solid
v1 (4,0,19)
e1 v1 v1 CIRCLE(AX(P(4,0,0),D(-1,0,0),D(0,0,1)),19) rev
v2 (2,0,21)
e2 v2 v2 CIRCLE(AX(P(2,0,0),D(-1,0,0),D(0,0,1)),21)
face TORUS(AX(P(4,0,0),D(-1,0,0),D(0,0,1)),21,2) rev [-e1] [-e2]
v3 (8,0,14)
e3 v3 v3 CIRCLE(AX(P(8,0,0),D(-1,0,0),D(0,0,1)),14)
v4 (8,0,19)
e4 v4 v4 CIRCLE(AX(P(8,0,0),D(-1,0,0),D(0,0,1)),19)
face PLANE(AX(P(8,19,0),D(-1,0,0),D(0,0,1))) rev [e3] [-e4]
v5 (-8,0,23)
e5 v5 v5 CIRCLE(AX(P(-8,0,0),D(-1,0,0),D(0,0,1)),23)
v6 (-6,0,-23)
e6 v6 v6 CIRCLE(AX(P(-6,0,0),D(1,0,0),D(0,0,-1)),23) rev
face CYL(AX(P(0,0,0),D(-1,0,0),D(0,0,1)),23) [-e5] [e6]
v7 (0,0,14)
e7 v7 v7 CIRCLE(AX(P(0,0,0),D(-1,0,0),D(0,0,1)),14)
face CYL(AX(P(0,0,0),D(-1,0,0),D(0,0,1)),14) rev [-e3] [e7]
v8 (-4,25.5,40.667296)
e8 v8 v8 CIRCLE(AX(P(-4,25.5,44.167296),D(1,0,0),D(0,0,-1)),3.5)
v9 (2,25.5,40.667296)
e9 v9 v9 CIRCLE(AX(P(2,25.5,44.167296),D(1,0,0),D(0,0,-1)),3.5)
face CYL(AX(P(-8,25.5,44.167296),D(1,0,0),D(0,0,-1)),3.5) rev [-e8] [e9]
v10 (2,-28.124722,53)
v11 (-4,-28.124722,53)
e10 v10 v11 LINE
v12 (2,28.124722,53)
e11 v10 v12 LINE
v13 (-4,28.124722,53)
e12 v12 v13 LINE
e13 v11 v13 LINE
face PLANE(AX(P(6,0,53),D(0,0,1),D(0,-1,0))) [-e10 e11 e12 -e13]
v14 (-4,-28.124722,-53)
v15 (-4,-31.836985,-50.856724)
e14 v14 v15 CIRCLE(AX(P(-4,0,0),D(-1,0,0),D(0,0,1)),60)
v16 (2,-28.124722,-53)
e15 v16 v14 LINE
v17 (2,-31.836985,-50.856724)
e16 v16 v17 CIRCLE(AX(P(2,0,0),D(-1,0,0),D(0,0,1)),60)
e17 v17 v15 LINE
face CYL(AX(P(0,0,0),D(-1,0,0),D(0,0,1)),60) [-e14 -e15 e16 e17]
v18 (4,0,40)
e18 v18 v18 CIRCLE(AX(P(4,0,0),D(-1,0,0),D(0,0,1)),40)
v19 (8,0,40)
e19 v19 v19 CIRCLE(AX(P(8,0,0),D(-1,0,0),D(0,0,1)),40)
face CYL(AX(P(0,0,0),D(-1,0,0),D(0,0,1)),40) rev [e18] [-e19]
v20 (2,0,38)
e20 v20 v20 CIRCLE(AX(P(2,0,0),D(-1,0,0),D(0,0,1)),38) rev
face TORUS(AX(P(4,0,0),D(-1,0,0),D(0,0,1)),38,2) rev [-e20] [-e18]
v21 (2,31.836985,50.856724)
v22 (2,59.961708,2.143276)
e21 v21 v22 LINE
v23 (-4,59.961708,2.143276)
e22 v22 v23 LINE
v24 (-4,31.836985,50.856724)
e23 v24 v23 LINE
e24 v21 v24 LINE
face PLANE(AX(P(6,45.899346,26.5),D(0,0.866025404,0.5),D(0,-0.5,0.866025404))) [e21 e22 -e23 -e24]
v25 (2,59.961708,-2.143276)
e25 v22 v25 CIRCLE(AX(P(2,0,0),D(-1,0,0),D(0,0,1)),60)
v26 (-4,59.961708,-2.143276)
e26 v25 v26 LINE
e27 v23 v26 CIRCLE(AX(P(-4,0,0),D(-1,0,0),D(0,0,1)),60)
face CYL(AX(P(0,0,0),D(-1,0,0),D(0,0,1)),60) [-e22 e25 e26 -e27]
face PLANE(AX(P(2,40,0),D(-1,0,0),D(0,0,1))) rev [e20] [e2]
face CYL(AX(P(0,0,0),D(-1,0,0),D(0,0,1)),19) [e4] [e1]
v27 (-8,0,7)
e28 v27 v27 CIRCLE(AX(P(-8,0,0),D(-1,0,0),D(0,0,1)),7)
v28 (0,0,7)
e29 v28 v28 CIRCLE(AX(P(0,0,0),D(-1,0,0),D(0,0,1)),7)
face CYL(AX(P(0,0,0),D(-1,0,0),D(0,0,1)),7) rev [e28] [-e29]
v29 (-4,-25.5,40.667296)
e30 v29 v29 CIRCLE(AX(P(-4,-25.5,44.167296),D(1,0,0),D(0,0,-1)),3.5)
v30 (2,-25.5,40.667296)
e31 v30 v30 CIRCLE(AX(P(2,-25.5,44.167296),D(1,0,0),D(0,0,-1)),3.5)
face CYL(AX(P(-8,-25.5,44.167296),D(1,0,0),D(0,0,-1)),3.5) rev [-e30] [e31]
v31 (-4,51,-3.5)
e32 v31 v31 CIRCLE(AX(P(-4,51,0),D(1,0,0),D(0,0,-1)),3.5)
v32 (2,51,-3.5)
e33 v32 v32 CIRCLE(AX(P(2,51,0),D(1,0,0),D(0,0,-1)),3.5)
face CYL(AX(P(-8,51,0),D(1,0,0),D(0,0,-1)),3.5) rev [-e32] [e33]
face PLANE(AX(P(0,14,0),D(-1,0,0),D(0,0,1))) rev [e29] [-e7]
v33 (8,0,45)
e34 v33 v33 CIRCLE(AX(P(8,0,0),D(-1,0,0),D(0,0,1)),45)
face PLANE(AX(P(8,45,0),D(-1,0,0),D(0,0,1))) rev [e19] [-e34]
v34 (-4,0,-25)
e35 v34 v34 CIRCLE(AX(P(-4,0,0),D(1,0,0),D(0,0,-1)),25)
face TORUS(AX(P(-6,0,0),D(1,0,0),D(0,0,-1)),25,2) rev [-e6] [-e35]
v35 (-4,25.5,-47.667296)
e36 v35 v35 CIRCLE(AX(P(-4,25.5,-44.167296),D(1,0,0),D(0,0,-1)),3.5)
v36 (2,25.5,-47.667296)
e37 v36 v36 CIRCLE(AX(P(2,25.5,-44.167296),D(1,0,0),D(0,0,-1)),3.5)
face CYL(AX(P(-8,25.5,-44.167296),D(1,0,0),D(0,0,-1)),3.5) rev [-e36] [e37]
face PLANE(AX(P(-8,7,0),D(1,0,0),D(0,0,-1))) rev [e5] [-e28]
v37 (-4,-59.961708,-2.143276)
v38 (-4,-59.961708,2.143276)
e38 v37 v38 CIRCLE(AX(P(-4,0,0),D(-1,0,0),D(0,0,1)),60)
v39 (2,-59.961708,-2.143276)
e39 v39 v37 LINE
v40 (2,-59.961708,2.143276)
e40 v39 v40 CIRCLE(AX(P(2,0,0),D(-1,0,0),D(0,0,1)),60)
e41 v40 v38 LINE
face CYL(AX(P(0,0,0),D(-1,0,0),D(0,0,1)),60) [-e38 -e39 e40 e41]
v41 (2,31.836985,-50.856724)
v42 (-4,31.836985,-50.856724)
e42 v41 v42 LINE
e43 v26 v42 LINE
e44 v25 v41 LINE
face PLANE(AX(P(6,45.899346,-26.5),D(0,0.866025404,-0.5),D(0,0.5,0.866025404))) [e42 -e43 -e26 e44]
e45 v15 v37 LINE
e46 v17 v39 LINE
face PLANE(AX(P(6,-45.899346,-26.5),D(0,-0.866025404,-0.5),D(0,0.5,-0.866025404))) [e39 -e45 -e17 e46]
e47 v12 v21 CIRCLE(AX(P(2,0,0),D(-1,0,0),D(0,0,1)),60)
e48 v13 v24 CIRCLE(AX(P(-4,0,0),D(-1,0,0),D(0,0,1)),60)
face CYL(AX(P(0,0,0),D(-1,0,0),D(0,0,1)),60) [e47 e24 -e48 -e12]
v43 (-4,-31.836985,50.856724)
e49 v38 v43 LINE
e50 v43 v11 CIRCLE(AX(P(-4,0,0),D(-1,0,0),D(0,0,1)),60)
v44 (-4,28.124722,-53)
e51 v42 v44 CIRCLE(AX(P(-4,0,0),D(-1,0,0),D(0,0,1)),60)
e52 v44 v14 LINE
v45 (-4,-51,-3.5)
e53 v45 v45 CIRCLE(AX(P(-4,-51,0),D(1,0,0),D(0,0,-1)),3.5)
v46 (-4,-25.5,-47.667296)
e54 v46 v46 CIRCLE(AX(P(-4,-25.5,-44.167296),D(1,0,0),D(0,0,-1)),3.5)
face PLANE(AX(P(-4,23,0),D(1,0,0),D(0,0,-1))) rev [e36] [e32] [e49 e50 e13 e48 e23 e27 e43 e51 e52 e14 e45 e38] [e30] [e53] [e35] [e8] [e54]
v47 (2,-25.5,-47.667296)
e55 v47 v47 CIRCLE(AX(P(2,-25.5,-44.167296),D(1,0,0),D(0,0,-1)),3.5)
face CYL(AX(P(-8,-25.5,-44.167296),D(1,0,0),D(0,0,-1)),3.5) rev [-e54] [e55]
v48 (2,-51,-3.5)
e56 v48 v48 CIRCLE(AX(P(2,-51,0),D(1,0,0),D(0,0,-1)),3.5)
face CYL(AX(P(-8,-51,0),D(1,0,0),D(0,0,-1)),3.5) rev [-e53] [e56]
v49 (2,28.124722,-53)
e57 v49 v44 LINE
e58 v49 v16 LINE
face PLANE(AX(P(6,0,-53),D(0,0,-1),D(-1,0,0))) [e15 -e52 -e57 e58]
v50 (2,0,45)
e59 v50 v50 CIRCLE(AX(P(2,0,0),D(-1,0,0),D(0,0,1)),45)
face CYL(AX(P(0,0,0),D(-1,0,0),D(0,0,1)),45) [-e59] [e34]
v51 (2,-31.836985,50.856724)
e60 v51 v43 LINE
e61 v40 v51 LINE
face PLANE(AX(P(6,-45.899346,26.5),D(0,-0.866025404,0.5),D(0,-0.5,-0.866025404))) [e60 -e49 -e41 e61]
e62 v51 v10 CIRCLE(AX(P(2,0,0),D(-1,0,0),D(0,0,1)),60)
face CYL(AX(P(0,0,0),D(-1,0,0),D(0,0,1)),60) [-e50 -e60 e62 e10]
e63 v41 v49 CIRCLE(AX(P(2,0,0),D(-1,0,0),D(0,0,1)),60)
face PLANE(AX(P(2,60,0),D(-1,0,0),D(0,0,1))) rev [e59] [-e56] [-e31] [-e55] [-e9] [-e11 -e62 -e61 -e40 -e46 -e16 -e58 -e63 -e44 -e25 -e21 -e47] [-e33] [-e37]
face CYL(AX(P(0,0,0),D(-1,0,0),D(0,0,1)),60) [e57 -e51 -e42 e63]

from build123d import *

# Parameters (mm, degrees)
SKETCH2_R          = 3.5
CUT_EXTRUDE1_DEPTH = 10
FILLET1_R          = 2
CUT_EXTRUDE2_START = -10
CUT_EXTRUDE2_DEPTH = 10


with BuildPart() as part:
    # Sketch1 → Revolve1 (revolve)
    with BuildSketch(Plane.XY, mode=Mode.PRIVATE) as revolve1_sk:
        Polygon((-8, 7), (-8, 23), (-4, 23), (-4, 60), (2, 60), (2, 45), (8, 45), (8, 40), (2, 40), (2, 19), (8, 19), (8, 14), (0, 14), (0, 7), align=None)
    revolve(revolve1_sk.sketch.rotate(Axis((0, 0, 0), (1, 0, 0)), 90), axis=Axis((0, 0, 0), (1, 0, 0)))

    # Sketch2 → Cut-Extrude1 (cut)
    with BuildSketch(Plane(origin=(2, 0, 0), x_dir=(0, 0, -1), z_dir=(1, 0, 0))):
        with Locations((0, 51)):
            Circle(SKETCH2_R)
        with Locations((44.167295593, 25.5)):
            Circle(SKETCH2_R)
        with Locations((44.167295593, -25.5)):
            Circle(SKETCH2_R)
        with Locations((0, -51)):
            Circle(SKETCH2_R)
        with Locations((-44.167295593, -25.5)):
            Circle(SKETCH2_R)
        with Locations((-44.167295593, 25.5)):
            Circle(SKETCH2_R)
    extrude(amount=-CUT_EXTRUDE1_DEPTH, mode=Mode.SUBTRACT)

    # Fillet1
    fillet1_edges = [part.edges().sort_by_distance(p)[0] for p in [
        (2, 0, -19),
        (2, 0, -40),
        (-4, 0, -23),
    ]]
    fillet(fillet1_edges, radius=FILLET1_R)

    # Sketch3 → Cut-Extrude2 (cut)
    with BuildSketch(Plane.ZY.offset(4).offset(CUT_EXTRUDE2_START)):
        with BuildLine():
            ThreePointArc((-2.143276082, 59.961707511), (-30, 51.961524227), (-50.856723918, 31.83698529))
            Line((-50.856723918, 31.83698529), (-2.143276082, 59.961707511))
        make_face()
        with BuildLine():
            ThreePointArc((50.856723918, 31.83698529), (30, 51.961524227), (2.143276082, 59.961707511))
            Line((2.143276082, 59.961707511), (50.856723918, 31.83698529))
        make_face()
        with BuildLine():
            ThreePointArc((60, 0), (58.223706512, 14.491376746), (53, 28.124722221))
            Line((53, 28.124722221), (53, -28.124722221))
            ThreePointArc((53, -28.124722221), (58.223706512, -14.491376746), (60, 0))
        make_face()
        with BuildLine():
            Line((50.856723918, -31.83698529), (2.143276082, -59.961707511))
            ThreePointArc((2.143276082, -59.961707511), (30, -51.961524227), (50.856723918, -31.83698529))
        make_face()
        with BuildLine():
            Line((-2.143276082, -59.961707511), (-50.856723918, -31.83698529))
            ThreePointArc((-50.856723918, -31.83698529), (-30, -51.961524227), (-2.143276082, -59.961707511))
        make_face()
        with BuildLine():
            Line((-53, -28.124722221), (-53, 28.124722221))
            ThreePointArc((-53, 28.124722221), (-60, 0), (-53, -28.124722221))
        make_face()
    extrude(amount=CUT_EXTRUDE2_DEPTH, mode=Mode.SUBTRACT)


solid = part.part
